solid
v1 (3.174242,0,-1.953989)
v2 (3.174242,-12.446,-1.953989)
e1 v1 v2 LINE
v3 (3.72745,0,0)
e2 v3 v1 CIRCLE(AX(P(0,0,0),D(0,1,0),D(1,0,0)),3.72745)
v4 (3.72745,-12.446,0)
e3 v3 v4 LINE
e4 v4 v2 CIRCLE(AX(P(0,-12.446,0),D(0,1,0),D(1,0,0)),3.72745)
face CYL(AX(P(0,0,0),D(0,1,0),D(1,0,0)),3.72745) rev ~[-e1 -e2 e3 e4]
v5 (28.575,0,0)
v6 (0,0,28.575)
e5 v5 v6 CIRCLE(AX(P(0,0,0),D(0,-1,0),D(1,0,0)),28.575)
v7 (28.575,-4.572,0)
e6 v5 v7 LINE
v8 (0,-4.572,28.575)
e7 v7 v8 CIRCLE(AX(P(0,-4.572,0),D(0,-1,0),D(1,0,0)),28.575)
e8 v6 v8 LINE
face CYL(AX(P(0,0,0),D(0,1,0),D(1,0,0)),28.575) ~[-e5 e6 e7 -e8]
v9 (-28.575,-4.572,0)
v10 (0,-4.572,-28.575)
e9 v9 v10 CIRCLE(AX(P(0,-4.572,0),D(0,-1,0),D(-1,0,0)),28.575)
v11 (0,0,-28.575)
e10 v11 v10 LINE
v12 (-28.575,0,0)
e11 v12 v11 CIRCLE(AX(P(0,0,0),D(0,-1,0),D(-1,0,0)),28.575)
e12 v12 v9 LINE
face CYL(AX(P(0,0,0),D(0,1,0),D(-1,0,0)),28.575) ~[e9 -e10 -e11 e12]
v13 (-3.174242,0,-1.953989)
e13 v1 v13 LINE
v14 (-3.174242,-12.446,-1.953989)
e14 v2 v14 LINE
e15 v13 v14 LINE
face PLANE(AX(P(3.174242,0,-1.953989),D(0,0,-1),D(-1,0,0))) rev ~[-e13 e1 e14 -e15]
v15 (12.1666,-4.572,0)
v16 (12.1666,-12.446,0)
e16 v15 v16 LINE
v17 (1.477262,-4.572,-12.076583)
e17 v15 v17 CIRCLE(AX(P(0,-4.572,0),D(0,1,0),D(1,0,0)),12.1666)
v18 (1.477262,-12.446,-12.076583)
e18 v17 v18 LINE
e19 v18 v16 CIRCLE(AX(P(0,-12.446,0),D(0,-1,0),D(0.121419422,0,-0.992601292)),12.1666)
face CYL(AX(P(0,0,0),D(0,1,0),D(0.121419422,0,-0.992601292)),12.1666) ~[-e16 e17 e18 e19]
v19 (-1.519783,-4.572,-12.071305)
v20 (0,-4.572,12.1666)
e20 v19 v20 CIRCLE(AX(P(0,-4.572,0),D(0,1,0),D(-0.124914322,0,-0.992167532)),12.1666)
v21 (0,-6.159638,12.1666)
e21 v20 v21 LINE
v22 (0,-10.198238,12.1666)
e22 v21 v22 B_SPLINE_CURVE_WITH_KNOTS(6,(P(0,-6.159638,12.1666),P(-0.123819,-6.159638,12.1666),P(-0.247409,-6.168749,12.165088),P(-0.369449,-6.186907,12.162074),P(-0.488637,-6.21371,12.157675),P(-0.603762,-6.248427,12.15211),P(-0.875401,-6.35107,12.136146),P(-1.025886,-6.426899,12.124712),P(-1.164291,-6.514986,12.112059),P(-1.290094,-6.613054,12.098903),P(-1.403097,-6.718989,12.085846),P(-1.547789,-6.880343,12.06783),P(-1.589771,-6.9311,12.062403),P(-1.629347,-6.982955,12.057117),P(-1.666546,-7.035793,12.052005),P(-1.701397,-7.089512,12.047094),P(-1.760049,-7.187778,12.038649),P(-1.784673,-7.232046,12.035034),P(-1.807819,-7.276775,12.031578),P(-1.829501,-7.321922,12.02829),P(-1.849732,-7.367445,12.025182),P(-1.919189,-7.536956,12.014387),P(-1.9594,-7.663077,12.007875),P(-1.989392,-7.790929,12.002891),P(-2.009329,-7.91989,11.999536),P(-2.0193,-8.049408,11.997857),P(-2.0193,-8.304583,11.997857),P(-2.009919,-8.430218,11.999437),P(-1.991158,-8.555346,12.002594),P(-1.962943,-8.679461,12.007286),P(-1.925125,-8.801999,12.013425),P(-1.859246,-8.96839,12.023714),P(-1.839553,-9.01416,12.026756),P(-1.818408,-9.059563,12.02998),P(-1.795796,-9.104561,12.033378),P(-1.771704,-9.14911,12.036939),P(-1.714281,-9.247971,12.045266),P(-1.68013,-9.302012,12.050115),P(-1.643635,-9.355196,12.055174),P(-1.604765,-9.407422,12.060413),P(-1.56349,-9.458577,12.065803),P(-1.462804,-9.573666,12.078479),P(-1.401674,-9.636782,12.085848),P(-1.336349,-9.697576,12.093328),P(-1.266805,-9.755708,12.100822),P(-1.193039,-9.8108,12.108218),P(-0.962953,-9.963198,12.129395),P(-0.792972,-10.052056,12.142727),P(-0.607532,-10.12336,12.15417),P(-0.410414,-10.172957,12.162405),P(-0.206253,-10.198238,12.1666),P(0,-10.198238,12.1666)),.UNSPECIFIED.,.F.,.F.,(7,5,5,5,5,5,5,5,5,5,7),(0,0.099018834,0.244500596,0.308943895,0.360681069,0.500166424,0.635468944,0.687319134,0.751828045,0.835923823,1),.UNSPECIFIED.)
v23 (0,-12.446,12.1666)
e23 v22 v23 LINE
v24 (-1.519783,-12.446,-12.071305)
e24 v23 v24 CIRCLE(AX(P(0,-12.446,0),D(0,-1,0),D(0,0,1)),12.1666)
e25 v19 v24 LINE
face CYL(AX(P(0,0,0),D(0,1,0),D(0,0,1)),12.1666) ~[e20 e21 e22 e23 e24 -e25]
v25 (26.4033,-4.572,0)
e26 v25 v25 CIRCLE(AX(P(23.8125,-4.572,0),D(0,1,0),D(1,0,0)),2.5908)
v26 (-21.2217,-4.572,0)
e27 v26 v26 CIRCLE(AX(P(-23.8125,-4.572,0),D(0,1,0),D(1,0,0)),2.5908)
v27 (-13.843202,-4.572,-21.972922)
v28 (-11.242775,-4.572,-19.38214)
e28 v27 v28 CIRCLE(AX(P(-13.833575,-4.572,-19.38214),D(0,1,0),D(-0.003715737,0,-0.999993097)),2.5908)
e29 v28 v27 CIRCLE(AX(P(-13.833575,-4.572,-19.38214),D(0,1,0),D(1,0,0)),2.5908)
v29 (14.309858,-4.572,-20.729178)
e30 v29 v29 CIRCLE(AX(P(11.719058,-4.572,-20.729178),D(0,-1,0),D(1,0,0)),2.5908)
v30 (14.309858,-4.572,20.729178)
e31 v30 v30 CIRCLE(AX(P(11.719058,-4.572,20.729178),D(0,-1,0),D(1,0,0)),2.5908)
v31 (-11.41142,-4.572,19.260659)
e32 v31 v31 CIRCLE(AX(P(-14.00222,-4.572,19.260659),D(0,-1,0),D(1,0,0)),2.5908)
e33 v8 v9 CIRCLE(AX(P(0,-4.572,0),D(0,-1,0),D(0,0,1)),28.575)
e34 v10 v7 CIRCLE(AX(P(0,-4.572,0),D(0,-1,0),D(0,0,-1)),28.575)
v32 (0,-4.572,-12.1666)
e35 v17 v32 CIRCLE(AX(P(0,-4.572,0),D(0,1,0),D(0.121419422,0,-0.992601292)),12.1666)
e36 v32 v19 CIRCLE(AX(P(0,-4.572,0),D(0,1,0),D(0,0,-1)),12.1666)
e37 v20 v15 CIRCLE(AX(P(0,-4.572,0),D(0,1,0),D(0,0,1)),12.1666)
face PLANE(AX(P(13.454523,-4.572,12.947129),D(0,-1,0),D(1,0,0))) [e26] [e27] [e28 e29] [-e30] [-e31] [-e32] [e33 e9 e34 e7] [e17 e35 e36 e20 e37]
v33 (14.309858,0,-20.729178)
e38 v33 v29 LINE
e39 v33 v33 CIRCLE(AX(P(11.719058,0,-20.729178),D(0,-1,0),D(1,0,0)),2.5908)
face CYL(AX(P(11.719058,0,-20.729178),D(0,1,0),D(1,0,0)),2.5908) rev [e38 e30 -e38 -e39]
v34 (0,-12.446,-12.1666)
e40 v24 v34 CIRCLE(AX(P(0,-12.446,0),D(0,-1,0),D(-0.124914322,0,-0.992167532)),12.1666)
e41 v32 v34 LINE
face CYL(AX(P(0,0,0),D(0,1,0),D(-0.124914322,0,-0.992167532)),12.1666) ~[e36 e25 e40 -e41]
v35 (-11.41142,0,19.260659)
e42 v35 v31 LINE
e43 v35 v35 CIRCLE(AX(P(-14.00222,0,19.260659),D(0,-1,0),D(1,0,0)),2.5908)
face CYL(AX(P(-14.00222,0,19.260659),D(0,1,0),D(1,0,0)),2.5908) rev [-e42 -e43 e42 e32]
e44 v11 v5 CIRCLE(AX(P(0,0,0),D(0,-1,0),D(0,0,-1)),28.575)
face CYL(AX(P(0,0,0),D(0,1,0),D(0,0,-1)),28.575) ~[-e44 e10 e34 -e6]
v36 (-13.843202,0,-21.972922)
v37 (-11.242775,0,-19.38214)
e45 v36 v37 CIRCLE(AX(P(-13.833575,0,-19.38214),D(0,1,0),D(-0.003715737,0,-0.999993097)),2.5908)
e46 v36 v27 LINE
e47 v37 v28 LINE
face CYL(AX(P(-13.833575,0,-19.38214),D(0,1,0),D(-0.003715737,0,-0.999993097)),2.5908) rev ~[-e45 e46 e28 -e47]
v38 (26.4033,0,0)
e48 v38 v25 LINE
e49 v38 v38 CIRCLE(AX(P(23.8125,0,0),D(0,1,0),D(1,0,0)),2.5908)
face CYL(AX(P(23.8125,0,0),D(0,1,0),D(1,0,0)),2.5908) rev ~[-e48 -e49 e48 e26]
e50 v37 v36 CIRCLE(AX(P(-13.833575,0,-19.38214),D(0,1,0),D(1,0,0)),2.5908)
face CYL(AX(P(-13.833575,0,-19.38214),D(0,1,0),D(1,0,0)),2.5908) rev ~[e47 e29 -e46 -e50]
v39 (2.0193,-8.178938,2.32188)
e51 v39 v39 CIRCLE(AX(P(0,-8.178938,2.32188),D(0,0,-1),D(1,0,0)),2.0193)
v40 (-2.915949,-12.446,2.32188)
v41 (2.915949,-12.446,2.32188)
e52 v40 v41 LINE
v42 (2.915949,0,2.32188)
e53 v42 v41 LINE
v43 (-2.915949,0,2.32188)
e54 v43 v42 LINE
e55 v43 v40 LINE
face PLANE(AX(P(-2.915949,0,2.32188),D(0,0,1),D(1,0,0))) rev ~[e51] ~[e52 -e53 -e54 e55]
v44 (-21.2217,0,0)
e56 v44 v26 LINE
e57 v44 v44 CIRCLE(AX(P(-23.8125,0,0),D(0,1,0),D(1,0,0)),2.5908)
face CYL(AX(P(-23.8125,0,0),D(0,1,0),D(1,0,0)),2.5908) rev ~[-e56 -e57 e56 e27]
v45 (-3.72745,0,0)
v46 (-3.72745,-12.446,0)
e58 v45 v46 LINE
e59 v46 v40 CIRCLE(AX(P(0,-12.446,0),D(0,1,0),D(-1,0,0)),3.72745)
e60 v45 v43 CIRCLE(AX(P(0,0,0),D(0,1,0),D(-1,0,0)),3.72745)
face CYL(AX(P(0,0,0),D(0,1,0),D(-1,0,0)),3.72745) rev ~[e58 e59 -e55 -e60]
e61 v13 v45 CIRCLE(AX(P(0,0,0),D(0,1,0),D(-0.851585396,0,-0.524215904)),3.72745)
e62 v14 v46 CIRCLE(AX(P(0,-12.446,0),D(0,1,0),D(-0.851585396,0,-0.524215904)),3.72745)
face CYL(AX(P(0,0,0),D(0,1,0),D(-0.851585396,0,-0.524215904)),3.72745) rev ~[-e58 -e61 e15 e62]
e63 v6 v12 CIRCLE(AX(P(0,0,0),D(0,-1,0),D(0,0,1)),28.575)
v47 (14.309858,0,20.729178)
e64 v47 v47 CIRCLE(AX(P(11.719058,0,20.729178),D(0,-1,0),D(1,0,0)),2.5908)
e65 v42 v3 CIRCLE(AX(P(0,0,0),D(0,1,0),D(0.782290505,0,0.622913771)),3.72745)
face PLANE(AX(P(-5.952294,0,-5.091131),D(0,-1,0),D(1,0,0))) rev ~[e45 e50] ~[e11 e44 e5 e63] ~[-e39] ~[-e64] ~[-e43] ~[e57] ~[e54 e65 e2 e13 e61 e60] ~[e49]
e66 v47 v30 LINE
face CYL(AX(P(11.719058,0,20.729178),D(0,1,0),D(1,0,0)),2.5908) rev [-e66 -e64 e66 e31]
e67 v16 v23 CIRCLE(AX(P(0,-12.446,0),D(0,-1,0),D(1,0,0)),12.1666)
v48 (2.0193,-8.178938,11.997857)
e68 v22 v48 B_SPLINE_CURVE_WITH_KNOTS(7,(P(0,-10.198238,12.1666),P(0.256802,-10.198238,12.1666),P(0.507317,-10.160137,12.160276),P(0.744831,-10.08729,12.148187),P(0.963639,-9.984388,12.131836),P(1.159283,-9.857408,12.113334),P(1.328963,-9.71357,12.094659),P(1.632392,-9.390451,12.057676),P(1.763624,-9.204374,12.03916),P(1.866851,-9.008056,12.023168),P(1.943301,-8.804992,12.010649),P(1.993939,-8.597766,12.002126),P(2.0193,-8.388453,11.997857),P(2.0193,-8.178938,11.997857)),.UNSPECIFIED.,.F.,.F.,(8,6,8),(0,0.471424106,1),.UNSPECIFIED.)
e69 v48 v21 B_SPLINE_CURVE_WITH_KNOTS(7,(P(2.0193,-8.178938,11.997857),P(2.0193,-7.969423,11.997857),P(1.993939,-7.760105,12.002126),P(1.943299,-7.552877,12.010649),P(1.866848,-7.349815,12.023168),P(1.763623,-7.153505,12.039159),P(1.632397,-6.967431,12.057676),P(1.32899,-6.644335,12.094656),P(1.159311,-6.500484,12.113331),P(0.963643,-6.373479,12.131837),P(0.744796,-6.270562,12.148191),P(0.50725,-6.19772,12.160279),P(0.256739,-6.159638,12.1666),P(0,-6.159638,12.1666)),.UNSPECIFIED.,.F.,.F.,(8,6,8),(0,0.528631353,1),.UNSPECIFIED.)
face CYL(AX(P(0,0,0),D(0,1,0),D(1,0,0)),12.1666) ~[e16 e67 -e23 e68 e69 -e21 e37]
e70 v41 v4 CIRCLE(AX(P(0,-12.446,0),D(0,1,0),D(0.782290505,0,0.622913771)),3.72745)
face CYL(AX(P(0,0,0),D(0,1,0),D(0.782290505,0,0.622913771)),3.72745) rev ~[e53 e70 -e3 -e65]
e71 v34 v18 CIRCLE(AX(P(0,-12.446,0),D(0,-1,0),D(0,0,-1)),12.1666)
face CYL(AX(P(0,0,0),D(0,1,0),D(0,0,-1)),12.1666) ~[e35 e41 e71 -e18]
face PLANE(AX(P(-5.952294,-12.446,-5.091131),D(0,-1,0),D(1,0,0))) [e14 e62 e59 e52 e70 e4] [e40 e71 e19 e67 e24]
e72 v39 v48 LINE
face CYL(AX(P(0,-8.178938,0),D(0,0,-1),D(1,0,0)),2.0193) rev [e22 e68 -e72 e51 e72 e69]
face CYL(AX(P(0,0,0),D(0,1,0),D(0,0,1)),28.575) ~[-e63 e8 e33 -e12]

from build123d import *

# Parameters (mm, degrees)
F0_R     = 2.5908
F1_DEPTH = 4.572
F2_DEPTH = 12.446
F3_R     = 2.0193
F4_DEPTH = 50.8


with BuildPart() as f1:
    # F0 (on Front) → F1 (new body)
    with BuildSketch(Plane.XZ):
        with BuildLine():
            Line((26.4033, 0), (28.575, 0))
            ThreePointArc((28.575, 0), (20.2055762724, 20.2055762724), (0, 28.575))
            Line((0, 28.575), (0, 12.1666))
            ThreePointArc((0, 12.1666), (8.603085364, 8.603085364), (12.1666, 0))
            Line((12.1666, 0), (21.2217, 0))
            ThreePointArc((21.2217, 0), (23.8125, 2.5908), (26.4033, 0))
        make_face()
        with Locations((11.7190584855, 20.7291780943)):
            Circle(F0_R, mode=Mode.SUBTRACT)
        with BuildLine():
            ThreePointArc((0, -28.575), (20.2055762724, -20.2055762724), (28.575, 0))
            Line((28.575, 0), (26.4033, 0))
            ThreePointArc((26.4033, 0), (23.8125, -2.5908), (21.2217, 0))
            Line((21.2217, 0), (12.1666, 0))
            ThreePointArc((12.1666, 0), (9.1104172738, -8.0638981055), (1.4772615395, -12.0765828736))
            ThreePointArc((1.4772615395, -12.0765828736), (0.7400008006, -12.144074867), (0, -12.1666))
            Line((0, -12.1666), (0, -28.575))
        make_face()
        with Locations((11.7190584855, -20.7291780943)):
            Circle(F0_R, mode=Mode.SUBTRACT)
        with BuildLine():
            Line((0, 12.1666), (0, 28.575))
            ThreePointArc((0, 28.575), (-20.2055762724, 20.2055762724), (-28.575, 0))
            Line((-28.575, 0), (-26.4033, 0))
            ThreePointArc((-26.4033, 0), (-23.8125, 2.5908), (-21.2217, 0))
            Line((-21.2217, 0), (-12.1666, 0))
            ThreePointArc((-12.1666, 0), (-8.603085364, 8.603085364), (0, 12.1666))
        make_face()
        with Locations((-14.0022196536, 19.260659413)):
            Circle(F0_R, mode=Mode.SUBTRACT)
        with BuildLine():
            ThreePointArc((-28.575, 0), (-20.2055762724, -20.2055762724), (0, -28.575))
            Line((0, -28.575), (0, -12.1666))
            ThreePointArc((0, -12.1666), (-0.7613836332, -12.1427530043), (-1.5197825851, -12.0713054992))
            ThreePointArc((-1.5197825851, -12.0713054992), (-9.1246025217, -8.0478434615), (-12.1666, 0))
            Line((-12.1666, 0), (-21.2217, 0))
            ThreePointArc((-21.2217, 0), (-23.8125, -2.5908), (-26.4033, 0))
            Line((-26.4033, 0), (-28.575, 0))
        make_face()
        with BuildLine():
            ThreePointArc((-13.8432016041, -21.9729224119), (-15.6621403898, -17.5467676407), (-11.2427748724, -19.3821402972))
            ThreePointArc((-11.2427748724, -19.3821402972), (-12.0050093549, -21.2175129537), (-13.8432016041, -21.9729224119))
        make_face(mode=Mode.SUBTRACT)
    extrude(amount=F1_DEPTH)

    # F0 (on Front) → F2 (join)
    with BuildSketch(Plane.XZ):
        with BuildLine():
            Line((-3.72745, 0), (-12.1666, 0))
            ThreePointArc((-12.1666, 0), (-9.1246025217, -8.0478434615), (-1.5197825851, -12.0713054992))
            Line((-1.5197825851, -12.0713054992), (-1.5197825851, -1.9539885713))
            Line((-1.5197825851, -1.9539885713), (-3.1742419829, -1.9539885713))
            ThreePointArc((-3.1742419829, -1.9539885713), (-3.586482384, -1.0153952982), (-3.72745, 0))
        make_face()
        with BuildLine():
            ThreePointArc((1.4772615395, -12.0765828736), (9.1104172738, -8.0638981055), (12.1666, 0))
            Line((12.1666, 0), (3.72745, 0))
            ThreePointArc((3.72745, 0), (3.586482384, -1.0153952982), (3.1742419829, -1.9539885713))
            Line((3.1742419829, -1.9539885713), (1.4772615395, -1.9539885713))
            Line((1.4772615395, -1.9539885713), (1.4772615395, -12.0765828736))
        make_face()
        with BuildLine():
            ThreePointArc((12.1666, 0), (8.603085364, 8.603085364), (0, 12.1666))
            Line((0, 12.1666), (0, 2.3218799357))
            Line((0, 2.3218799357), (2.9159487421, 2.3218799357))
            ThreePointArc((2.9159487421, 2.3218799357), (3.5187310668, 1.2298029036), (3.72745, 0))
            Line((3.72745, 0), (12.1666, 0))
        make_face()
        with BuildLine():
            Line((0, 2.3218799357), (0, 12.1666))
            ThreePointArc((0, 12.1666), (-8.603085364, 8.603085364), (-12.1666, 0))
            Line((-12.1666, 0), (-3.72745, 0))
            ThreePointArc((-3.72745, 0), (-3.5187310668, 1.2298029036), (-2.9159487421, 2.3218799357))
            Line((-2.9159487421, 2.3218799357), (0, 2.3218799357))
        make_face()
        with BuildLine():
            Line((0, -1.9539885713), (0, -12.1666))
            ThreePointArc((0, -12.1666), (0.7400008006, -12.144074867), (1.4772615395, -12.0765828736))
            Line((1.4772615395, -12.0765828736), (1.4772615395, -1.9539885713))
            Line((1.4772615395, -1.9539885713), (0, -1.9539885713))
        make_face()
        with BuildLine():
            ThreePointArc((-1.5197825851, -12.0713054992), (-0.7613836332, -12.1427530043), (0, -12.1666))
            Line((0, -12.1666), (0, -1.9539885713))
            Line((0, -1.9539885713), (-1.5197825851, -1.9539885713))
            Line((-1.5197825851, -1.9539885713), (-1.5197825851, -12.0713054992))
        make_face()
    extrude(amount=F2_DEPTH)

    # F3 (on Top) → F4 (cut)
    with BuildSketch(Plane.XY):
        with Locations((0, -8.1789378586)):
            Circle(F3_R)
    extrude(amount=F4_DEPTH, mode=Mode.SUBTRACT)


solid = f1.part
